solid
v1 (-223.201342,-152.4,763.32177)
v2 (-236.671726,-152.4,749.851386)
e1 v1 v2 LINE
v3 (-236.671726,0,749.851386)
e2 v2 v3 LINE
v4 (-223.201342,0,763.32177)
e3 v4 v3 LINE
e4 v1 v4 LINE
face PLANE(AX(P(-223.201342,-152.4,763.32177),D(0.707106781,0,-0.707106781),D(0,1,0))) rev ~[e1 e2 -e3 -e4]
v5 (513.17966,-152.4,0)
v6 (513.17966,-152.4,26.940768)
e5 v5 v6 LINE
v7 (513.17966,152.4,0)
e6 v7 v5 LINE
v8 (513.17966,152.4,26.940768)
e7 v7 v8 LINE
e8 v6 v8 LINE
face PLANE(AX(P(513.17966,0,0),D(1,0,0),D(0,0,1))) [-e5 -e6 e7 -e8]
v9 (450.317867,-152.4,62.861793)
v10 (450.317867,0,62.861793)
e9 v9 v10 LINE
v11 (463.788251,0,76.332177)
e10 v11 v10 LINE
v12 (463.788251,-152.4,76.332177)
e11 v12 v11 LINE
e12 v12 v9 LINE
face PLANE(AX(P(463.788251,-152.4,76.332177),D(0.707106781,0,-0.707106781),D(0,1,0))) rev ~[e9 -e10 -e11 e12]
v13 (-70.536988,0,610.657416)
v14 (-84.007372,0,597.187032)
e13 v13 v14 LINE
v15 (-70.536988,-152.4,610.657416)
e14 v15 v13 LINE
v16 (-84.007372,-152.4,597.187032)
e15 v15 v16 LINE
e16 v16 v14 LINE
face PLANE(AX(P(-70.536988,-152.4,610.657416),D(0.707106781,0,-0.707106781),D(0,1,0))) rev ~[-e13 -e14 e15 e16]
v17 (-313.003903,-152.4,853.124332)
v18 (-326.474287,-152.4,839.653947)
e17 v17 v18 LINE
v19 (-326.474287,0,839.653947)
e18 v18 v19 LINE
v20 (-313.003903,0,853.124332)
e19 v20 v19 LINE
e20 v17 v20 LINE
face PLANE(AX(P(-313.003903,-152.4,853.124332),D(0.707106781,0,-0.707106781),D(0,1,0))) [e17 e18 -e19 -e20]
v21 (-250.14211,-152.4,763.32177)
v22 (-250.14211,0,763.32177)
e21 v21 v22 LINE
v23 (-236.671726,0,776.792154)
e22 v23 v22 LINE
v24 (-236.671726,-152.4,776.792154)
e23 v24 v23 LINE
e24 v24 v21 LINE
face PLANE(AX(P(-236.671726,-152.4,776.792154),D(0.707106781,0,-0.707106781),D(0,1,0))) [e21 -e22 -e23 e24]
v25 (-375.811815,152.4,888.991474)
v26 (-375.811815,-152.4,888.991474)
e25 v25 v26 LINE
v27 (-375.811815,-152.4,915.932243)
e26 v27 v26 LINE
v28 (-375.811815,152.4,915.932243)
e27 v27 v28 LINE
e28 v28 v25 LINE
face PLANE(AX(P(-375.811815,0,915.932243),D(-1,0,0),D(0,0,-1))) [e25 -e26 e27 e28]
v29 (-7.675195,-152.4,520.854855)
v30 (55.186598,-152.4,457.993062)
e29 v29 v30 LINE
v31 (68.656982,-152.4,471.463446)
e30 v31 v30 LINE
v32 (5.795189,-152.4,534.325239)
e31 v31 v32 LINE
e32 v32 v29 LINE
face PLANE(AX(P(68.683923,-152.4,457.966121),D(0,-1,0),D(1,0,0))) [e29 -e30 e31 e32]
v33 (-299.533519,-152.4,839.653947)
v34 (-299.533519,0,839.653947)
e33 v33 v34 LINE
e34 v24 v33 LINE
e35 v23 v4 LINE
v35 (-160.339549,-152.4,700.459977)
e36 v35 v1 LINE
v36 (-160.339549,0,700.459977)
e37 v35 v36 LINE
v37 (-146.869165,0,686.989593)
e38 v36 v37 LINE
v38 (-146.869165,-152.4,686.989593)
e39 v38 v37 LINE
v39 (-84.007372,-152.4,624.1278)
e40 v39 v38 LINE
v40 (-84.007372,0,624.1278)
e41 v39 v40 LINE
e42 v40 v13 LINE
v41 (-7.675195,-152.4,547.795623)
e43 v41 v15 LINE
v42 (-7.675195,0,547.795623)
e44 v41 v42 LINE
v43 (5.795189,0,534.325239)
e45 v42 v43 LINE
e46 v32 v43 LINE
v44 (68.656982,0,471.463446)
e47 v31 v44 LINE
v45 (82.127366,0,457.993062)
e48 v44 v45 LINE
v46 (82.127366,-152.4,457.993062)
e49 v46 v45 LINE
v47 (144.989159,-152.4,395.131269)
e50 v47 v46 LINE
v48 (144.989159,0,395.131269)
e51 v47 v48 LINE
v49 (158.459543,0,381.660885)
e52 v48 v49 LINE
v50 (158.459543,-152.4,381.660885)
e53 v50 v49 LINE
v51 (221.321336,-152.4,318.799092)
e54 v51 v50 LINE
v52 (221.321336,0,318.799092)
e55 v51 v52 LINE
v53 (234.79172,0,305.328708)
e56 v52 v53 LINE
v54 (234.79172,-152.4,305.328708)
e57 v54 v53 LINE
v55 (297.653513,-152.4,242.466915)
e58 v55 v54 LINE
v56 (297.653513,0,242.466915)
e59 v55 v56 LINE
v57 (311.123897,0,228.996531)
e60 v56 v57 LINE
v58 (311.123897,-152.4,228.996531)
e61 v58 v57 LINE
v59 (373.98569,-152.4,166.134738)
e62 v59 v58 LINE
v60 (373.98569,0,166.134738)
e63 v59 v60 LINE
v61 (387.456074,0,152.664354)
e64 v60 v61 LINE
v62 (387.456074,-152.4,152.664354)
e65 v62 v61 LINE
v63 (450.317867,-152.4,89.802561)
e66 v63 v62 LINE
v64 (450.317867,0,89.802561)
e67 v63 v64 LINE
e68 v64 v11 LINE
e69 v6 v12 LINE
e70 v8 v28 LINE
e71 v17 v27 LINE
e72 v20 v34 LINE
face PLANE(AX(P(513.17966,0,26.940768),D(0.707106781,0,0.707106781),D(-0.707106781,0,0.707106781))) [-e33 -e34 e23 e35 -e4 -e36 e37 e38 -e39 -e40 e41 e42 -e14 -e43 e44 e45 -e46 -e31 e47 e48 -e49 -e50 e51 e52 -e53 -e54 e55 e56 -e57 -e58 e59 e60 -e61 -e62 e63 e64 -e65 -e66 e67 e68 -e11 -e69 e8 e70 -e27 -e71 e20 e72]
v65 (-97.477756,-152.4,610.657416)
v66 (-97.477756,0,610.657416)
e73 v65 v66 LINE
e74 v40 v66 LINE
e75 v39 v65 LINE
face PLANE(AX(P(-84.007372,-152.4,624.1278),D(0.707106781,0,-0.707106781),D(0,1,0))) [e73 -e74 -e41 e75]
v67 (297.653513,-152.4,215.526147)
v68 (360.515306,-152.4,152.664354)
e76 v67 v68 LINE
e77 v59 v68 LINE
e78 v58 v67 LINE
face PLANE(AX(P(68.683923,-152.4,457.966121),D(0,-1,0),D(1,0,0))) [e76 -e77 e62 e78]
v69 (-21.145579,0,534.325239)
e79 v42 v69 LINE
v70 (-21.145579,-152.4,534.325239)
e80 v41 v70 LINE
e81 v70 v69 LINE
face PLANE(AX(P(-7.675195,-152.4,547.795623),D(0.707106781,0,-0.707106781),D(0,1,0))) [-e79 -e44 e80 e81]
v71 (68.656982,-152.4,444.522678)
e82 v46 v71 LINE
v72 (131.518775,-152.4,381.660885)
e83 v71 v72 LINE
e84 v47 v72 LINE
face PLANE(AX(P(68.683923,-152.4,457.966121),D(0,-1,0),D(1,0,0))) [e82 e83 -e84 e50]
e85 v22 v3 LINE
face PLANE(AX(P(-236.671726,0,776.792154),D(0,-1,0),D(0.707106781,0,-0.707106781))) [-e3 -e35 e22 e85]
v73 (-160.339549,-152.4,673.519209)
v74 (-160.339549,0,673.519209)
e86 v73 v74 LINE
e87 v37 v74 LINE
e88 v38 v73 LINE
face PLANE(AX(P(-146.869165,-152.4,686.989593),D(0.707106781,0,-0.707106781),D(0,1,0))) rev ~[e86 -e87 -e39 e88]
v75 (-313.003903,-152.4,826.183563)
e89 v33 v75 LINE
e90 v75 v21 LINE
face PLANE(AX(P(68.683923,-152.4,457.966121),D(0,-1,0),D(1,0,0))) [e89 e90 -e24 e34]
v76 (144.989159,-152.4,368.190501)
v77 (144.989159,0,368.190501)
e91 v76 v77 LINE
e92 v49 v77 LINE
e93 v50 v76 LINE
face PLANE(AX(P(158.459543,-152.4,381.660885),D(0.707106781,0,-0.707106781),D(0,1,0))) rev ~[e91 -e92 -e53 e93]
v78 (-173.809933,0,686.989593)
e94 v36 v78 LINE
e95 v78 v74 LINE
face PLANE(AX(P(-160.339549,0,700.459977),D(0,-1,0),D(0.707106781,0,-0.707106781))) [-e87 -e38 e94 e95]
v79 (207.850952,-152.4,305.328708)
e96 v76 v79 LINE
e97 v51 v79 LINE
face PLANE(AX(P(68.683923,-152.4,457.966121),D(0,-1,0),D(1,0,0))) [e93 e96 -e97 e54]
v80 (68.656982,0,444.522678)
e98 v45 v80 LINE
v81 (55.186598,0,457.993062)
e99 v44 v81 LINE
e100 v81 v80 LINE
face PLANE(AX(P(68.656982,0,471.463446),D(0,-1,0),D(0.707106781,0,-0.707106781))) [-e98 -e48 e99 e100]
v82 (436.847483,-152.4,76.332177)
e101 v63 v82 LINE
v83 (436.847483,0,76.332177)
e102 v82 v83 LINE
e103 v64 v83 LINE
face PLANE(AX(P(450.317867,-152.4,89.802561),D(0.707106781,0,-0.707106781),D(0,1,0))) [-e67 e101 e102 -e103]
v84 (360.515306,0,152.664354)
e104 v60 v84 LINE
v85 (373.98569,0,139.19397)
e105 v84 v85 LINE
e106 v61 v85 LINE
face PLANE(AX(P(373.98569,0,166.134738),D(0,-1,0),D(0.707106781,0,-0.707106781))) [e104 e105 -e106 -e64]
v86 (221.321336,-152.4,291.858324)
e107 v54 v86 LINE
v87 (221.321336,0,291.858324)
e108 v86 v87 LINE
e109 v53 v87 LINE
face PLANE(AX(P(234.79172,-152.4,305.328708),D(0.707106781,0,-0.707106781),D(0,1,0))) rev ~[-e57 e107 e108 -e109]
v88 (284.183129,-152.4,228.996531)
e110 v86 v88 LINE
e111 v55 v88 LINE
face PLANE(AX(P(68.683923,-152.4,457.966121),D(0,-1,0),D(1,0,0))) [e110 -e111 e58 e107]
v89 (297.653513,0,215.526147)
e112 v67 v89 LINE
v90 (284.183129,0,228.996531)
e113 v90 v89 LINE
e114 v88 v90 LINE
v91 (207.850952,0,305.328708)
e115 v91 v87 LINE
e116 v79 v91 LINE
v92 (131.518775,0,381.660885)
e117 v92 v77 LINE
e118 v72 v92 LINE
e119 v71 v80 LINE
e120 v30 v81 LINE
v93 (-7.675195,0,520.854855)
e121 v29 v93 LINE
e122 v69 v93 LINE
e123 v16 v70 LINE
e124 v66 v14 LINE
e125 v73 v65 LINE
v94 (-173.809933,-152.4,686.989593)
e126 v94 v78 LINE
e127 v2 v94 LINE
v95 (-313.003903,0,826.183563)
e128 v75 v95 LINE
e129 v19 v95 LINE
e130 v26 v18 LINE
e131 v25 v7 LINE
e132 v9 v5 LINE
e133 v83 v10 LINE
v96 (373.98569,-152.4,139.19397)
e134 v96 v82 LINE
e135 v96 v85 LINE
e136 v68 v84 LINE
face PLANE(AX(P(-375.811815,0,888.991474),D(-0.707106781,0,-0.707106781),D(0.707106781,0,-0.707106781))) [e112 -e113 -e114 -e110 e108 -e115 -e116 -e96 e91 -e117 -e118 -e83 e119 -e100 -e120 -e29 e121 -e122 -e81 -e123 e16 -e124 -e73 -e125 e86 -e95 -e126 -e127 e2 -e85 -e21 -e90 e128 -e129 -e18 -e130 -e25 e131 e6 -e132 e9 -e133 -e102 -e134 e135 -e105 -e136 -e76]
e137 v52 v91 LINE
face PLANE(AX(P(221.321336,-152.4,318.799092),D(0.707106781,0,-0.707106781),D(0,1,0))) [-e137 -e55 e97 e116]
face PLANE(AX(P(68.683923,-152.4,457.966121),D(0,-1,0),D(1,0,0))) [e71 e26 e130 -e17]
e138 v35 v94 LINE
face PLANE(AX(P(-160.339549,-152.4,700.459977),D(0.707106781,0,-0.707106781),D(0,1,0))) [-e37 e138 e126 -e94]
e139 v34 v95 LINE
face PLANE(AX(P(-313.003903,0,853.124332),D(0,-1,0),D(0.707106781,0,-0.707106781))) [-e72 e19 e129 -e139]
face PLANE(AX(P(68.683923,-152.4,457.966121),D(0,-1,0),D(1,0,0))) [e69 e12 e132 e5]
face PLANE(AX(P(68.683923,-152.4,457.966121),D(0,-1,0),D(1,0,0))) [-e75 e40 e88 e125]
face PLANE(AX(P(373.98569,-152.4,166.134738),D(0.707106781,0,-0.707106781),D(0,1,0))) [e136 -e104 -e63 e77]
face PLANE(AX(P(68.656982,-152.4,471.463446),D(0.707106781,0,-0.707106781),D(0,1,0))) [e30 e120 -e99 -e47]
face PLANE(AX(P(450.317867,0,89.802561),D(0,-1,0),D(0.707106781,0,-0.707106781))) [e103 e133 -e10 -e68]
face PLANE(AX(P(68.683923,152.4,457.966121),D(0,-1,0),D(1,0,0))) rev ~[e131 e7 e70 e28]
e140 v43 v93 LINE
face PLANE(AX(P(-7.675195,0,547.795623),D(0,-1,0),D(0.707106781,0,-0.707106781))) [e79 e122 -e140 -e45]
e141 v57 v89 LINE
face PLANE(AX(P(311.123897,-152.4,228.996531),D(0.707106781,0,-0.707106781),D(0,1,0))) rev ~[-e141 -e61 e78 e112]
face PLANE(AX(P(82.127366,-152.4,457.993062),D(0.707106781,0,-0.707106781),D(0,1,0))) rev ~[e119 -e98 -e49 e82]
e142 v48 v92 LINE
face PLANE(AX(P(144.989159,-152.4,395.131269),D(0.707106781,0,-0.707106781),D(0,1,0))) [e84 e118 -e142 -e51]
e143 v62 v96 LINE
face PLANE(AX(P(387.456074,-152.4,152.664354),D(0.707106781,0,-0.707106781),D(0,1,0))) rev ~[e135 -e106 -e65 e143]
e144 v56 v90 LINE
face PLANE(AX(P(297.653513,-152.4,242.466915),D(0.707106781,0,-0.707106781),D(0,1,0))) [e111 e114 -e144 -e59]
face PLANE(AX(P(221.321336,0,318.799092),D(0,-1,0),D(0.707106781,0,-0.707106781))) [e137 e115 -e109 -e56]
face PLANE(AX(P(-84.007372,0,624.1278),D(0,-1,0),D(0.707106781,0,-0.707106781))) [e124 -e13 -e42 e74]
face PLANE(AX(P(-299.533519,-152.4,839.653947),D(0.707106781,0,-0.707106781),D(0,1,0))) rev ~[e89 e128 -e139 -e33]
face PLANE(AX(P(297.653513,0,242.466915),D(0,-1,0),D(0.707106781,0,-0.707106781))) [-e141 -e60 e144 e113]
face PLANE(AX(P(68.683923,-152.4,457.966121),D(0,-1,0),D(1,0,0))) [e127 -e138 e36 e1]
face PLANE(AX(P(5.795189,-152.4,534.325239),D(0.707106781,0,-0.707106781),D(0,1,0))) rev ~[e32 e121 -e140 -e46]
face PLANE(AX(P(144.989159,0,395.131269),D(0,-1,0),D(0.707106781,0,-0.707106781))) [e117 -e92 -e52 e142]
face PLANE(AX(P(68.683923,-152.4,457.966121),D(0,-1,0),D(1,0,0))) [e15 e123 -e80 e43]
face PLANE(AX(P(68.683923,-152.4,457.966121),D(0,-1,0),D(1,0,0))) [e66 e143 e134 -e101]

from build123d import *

# Parameters (mm, degrees)
F1_DEPTH = 152.4
F2_W     = 19.05
F2_H     = 152.4
F3_DEPTH = 19.05


with BuildPart() as f1:
    # F0 (on Front) → F1 (new body, symmetric)
    with BuildSketch(Plane.XZ):
        Polygon((-375.8118146057, 915.9322428123), (-375.8118146057, 888.9914744491), (513.1796598434, 0), (513.1796598434, 26.9407683632), align=None)
    extrude(amount=F1_DEPTH, both=True)

    # F2 (on face) → F3 (cut)
    with BuildSketch(Plane(origin=(270.0602141033, 0, 270.0602141033), x_dir=(0.7071067812, 0, -0.7071067812), z_dir=(0.7071067812, 0, 0.7071067812))):
        with Locations((264.4478174423, -76.2)):
            Rectangle(F2_W, F2_H)
        with Locations((156.4978174423, -76.2)):
            Rectangle(F2_W, F2_H)
        with Locations((48.5478174423, -76.2)):
            Rectangle(F2_W, F2_H)
        with Locations((-59.4021825577, -76.2)):
            Rectangle(F2_W, F2_H)
        with Locations((-167.3521825577, -76.2)):
            Rectangle(F2_W, F2_H)
        with Locations((-275.3021825577, -76.2)):
            Rectangle(F2_W, F2_H)
        with Locations((-383.2521825577, -76.2)):
            Rectangle(F2_W, F2_H)
        with Locations((-491.2021825577, -76.2)):
            Rectangle(F2_W, F2_H)
        with Locations((-599.1521825577, -76.2)):
            Rectangle(F2_W, F2_H)
        with Locations((-707.1021825577, -76.2)):
            Rectangle(F2_W, F2_H)
        with Locations((-815.0521825577, -76.2)):
            Rectangle(F2_W, F2_H)
    extrude(amount=-F3_DEPTH, mode=Mode.SUBTRACT)


solid = f1.part
